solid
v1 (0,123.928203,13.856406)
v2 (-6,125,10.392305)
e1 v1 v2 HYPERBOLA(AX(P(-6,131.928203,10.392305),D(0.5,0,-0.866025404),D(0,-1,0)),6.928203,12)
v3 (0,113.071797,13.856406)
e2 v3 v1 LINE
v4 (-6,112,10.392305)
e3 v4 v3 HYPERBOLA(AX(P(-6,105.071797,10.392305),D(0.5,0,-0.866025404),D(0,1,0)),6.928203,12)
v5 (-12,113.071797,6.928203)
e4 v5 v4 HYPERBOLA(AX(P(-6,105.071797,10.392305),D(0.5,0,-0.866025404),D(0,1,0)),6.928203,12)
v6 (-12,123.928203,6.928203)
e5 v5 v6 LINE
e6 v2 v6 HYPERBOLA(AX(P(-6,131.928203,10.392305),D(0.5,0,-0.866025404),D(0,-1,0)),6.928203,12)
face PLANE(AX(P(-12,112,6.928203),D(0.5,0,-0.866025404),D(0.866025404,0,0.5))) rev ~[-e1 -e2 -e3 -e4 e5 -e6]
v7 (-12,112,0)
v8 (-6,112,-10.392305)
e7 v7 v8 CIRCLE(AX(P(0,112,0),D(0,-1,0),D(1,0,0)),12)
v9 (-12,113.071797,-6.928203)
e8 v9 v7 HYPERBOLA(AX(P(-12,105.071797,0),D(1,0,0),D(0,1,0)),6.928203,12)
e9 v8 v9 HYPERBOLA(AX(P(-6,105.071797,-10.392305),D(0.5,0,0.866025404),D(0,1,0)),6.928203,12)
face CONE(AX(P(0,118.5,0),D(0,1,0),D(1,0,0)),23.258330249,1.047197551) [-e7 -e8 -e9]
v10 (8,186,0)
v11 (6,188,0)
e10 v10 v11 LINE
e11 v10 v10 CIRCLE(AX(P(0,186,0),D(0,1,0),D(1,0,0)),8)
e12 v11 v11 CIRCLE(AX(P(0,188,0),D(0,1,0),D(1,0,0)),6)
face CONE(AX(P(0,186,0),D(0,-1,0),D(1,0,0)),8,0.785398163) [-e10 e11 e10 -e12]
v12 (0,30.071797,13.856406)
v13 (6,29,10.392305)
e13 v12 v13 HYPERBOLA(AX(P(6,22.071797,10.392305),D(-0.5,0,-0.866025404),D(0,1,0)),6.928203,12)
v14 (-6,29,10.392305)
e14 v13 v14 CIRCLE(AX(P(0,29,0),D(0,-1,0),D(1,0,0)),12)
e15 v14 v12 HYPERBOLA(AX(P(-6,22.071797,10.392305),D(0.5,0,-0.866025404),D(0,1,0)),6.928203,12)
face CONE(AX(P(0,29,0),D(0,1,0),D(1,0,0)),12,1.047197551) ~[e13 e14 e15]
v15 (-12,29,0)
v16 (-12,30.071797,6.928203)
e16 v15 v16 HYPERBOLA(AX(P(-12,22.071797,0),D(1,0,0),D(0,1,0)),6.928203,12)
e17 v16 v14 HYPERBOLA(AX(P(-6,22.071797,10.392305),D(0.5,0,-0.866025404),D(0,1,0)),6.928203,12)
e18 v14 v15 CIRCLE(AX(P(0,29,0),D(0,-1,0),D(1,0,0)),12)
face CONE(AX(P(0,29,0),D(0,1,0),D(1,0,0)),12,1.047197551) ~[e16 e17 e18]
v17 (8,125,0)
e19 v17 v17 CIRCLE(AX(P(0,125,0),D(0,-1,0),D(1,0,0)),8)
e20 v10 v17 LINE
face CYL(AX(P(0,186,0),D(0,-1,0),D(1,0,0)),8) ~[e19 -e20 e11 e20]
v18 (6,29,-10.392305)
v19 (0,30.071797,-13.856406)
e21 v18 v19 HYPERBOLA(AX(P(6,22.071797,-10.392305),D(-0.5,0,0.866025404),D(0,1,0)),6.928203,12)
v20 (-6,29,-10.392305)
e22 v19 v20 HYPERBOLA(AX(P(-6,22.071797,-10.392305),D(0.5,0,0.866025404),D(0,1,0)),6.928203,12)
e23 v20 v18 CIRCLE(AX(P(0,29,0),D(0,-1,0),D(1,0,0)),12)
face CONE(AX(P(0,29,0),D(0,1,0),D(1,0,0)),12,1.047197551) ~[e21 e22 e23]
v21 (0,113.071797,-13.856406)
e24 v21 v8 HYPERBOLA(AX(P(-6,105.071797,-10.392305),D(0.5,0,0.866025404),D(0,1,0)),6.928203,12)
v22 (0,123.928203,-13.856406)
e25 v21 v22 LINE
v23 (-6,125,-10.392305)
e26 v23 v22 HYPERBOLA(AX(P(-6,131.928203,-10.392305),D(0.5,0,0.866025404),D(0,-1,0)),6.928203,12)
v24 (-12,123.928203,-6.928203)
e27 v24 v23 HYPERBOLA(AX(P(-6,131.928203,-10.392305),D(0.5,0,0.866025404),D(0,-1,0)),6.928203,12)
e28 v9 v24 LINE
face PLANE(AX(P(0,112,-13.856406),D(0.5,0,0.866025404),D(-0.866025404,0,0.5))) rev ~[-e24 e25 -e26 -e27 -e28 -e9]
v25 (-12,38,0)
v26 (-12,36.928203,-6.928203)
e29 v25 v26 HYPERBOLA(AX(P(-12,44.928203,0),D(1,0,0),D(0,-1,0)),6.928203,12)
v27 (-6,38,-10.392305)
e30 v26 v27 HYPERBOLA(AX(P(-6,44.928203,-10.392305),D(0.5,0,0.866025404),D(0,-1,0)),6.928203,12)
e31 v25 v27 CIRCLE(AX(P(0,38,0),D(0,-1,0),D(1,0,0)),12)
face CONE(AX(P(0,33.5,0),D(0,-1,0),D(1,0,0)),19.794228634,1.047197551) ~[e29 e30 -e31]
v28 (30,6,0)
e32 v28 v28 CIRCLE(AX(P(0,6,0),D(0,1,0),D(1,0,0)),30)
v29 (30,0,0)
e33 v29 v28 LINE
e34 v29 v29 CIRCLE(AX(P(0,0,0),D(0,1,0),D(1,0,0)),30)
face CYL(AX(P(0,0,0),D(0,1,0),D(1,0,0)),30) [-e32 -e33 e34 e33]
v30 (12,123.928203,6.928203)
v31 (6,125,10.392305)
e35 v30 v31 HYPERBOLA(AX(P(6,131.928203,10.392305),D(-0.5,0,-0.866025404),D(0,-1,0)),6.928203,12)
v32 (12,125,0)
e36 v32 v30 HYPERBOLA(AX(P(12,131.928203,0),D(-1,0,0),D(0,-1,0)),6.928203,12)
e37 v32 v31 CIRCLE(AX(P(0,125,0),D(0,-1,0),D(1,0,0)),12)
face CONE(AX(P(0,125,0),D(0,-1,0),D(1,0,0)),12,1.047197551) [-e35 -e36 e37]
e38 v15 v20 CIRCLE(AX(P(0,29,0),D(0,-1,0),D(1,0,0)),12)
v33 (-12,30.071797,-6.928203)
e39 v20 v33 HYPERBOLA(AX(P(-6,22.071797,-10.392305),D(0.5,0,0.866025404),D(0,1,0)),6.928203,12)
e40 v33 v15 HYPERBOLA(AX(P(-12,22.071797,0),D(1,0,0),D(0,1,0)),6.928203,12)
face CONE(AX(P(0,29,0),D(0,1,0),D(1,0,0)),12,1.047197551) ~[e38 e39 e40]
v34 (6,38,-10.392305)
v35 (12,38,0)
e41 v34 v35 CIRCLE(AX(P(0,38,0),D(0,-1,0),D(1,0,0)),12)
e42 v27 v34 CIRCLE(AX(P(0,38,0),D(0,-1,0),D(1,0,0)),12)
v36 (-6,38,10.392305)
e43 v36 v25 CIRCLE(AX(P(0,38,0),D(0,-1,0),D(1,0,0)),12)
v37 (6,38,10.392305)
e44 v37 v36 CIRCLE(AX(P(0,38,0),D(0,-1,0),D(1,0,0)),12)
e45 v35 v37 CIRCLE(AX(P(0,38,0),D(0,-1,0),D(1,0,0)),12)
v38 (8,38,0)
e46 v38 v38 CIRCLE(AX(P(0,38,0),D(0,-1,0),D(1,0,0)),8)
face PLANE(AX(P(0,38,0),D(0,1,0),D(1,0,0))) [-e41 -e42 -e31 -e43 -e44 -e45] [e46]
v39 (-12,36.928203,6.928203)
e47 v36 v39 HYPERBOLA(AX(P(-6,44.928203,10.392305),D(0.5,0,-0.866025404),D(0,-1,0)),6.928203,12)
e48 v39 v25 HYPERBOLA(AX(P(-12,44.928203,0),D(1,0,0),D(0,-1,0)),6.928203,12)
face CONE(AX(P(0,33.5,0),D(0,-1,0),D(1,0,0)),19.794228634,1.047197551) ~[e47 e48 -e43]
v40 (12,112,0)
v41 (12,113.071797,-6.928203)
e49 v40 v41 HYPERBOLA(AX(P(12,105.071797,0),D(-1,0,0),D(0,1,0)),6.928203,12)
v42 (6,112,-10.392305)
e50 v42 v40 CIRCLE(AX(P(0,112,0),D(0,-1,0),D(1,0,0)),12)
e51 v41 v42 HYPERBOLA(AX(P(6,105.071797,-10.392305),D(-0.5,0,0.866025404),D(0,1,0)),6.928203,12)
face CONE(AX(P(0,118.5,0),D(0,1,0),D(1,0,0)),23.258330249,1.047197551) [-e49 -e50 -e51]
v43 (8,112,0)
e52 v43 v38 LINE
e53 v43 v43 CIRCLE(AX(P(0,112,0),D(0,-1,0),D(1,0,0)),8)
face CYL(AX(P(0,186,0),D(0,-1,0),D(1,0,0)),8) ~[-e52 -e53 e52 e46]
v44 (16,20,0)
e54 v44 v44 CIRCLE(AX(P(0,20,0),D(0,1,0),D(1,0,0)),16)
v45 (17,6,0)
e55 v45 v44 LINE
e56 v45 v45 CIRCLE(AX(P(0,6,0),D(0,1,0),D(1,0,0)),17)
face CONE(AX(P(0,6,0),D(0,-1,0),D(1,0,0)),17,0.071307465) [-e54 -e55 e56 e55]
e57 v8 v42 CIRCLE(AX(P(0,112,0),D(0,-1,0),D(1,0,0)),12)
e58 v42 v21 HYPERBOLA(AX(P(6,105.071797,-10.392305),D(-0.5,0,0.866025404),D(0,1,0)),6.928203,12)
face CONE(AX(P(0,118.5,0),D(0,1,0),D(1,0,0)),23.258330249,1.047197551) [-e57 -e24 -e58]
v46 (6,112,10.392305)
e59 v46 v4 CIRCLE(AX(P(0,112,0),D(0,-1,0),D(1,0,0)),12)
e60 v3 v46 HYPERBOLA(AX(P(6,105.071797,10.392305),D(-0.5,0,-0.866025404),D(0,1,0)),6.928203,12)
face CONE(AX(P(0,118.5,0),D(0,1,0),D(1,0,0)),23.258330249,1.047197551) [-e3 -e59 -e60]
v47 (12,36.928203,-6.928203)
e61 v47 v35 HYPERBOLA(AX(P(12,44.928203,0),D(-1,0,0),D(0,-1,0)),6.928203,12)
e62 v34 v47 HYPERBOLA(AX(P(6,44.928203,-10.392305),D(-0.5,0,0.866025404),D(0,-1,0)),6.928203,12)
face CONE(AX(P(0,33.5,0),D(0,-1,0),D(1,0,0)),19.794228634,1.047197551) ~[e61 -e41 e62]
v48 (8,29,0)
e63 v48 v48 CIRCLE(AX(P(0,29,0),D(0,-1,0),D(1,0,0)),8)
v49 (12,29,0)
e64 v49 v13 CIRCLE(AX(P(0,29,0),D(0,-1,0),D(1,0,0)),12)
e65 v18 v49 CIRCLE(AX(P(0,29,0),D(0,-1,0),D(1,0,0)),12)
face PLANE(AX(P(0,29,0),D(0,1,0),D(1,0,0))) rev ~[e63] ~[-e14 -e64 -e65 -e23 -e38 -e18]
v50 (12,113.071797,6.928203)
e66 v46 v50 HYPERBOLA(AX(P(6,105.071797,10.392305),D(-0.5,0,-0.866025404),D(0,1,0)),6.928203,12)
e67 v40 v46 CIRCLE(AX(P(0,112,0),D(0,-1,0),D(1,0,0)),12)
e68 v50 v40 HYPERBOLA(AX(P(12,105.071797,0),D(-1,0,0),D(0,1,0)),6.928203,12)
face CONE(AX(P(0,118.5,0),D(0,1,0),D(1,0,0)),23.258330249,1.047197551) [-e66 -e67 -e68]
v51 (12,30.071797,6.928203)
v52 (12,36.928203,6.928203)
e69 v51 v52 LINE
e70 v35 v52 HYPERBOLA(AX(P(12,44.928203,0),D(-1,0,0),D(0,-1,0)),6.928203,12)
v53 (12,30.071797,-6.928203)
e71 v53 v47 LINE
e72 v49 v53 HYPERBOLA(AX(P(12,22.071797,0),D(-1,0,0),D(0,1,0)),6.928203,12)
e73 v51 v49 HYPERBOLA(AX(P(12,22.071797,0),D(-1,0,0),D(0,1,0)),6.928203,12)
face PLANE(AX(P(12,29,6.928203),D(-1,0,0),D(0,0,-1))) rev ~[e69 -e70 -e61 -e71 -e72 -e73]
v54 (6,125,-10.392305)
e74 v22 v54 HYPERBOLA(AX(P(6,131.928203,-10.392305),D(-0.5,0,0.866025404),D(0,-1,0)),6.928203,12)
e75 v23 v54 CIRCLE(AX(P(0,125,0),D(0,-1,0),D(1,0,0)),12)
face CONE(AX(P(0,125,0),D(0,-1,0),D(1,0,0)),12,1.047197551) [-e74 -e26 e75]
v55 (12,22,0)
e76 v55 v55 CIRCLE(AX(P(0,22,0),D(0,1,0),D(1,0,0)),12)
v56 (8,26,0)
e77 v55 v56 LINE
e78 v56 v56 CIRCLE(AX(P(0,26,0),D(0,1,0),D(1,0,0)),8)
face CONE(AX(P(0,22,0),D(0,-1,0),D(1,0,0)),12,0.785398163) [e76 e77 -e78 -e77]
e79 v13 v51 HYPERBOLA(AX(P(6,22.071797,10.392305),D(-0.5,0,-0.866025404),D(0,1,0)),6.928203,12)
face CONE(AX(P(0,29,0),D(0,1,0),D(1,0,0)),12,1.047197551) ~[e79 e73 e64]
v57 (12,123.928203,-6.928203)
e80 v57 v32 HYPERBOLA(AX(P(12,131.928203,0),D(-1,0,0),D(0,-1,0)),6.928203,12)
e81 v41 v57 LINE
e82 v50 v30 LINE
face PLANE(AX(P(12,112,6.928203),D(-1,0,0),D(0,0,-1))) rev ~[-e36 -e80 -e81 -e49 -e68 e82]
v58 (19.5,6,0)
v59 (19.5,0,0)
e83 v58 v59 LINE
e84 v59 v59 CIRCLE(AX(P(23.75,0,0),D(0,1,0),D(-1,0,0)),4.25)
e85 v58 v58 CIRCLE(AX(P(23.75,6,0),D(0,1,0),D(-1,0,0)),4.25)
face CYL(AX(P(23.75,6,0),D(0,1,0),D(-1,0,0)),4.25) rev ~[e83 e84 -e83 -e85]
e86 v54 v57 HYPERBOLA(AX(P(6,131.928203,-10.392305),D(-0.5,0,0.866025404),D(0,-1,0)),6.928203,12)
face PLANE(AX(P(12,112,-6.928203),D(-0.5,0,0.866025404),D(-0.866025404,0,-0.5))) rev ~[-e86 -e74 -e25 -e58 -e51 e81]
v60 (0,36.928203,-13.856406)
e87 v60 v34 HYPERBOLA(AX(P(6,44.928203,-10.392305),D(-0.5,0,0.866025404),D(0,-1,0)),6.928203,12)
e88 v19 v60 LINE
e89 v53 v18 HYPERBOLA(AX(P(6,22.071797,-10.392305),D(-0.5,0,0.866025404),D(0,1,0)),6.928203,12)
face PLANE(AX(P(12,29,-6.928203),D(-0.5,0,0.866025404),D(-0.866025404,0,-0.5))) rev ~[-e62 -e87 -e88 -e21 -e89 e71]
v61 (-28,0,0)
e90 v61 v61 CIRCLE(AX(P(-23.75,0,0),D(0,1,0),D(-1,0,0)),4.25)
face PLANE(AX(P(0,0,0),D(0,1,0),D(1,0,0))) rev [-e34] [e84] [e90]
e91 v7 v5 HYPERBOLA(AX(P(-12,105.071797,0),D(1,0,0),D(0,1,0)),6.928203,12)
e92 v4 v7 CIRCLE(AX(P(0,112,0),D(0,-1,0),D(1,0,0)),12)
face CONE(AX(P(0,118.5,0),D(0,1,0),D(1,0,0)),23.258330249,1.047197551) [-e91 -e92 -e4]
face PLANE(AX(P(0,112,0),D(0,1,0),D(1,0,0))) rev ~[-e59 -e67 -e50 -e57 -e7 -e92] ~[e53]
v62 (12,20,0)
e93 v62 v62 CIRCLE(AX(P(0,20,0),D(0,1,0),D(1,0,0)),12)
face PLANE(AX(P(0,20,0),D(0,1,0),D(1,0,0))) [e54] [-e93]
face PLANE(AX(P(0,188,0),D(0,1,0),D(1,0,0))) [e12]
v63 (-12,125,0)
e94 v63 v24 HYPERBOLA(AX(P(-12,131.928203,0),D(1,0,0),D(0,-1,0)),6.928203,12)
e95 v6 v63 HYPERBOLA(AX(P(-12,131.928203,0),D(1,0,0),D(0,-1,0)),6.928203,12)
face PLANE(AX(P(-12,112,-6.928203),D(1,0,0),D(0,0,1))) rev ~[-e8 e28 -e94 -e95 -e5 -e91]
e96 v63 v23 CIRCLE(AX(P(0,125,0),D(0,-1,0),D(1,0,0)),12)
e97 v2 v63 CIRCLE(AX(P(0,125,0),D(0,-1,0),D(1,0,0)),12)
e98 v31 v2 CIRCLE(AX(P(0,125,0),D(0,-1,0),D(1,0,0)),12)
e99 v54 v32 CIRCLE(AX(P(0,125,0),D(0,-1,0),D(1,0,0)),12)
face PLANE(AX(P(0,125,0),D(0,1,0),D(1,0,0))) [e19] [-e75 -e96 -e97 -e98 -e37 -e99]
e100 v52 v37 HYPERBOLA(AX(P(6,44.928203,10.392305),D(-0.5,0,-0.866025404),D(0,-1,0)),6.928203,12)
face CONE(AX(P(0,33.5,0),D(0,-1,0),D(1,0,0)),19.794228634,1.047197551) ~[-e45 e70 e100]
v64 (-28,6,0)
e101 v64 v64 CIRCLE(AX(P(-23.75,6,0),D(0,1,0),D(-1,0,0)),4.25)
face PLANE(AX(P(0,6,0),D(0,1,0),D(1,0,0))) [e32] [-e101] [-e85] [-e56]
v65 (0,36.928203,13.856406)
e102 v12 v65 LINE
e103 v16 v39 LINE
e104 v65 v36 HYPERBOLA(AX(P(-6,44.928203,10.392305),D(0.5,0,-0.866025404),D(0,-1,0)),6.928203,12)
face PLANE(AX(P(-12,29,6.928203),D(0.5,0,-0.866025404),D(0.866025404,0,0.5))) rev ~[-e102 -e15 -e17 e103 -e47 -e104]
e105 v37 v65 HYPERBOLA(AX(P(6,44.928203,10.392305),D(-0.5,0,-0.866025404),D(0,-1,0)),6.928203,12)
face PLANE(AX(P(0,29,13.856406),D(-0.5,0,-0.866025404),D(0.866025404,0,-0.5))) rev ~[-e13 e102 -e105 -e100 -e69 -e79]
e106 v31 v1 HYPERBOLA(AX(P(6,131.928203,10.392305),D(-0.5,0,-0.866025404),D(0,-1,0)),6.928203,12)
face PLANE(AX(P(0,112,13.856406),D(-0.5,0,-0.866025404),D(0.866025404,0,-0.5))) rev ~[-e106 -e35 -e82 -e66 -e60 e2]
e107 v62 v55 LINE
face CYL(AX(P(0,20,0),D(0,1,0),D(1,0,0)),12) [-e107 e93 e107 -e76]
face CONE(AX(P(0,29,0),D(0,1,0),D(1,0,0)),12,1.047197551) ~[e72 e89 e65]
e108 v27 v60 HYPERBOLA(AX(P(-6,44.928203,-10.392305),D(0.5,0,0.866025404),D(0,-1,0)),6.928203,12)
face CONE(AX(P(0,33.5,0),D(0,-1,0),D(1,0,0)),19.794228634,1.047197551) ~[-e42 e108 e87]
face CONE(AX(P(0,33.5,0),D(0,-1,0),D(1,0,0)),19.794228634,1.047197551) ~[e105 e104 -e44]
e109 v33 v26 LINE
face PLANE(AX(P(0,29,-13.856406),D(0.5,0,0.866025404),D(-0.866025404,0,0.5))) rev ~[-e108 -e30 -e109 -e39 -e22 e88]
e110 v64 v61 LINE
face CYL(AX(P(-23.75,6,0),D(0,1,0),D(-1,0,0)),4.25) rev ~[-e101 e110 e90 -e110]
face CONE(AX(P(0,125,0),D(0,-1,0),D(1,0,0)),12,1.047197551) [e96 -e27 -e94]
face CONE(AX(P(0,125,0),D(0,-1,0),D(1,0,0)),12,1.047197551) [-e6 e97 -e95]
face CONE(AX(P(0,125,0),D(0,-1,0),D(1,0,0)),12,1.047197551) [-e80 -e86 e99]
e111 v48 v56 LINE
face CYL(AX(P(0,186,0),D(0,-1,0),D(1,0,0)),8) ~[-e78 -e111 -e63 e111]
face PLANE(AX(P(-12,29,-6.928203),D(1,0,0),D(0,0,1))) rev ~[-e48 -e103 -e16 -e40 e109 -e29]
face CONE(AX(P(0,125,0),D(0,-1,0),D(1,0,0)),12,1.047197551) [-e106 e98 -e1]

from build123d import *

# Parameters (mm, degrees)
EXTRUDE_1_DEPTH     = 9
EXTRUDE_2_DEPTH     = 13
SKETCH_5_R          = 4.25
CUT_EXTRUDE_1_DEPTH = 7


with BuildPart() as part:
    # Эскиз1 → Повернуть1 (revolve)
    with BuildSketch(Plane.XY, mode=Mode.PRIVATE) as revolve_1_sk:
        Polygon((0, 0), (-30, 0), (-30, 6), (-17, 6), (-16, 20), (-12, 20), (-12, 22), (-8, 26), (-8, 29), (-8, 38), (-8, 186), (-6, 188), (0, 188), align=None)
    revolve(revolve_1_sk.sketch.rotate(Axis((0, 0, 0), (0, 1, 0)), 180), axis=Axis((0, 0, 0), (0, 1, 0)))  # turned: the seam where the file's is

    # Эскиз2 → Бобышка-Вытянуть1 (add)
    with BuildSketch(Plane(origin=(0, 29, 0), x_dir=(1, 0, 0), z_dir=(0, 1, 0))):
        Polygon((0, 13.856406461), (-12, 6.92820323), (-12, -6.92820323), (0, -13.856406461), (12, -6.92820323), (12, 6.92820323), align=None)
    extrude(amount=EXTRUDE_1_DEPTH)

    # Эскиз3 → Бобышка-Вытянуть2 (add)
    with BuildSketch(Plane(origin=(0, 112, 0), x_dir=(1, 0, 0), z_dir=(0, 1, 0))):
        Polygon((12, 6.92820323), (0, 13.856406461), (-12, 6.92820323), (-12, -6.92820323), (0, -13.856406461), (12, -6.92820323), align=None)
    extrude(amount=EXTRUDE_2_DEPTH)

    # Эскиз4 → Вырез-Повернуть2 (revolve, cut)
    with BuildSketch(Plane.XY, mode=Mode.PRIVATE) as cut_revolve_2_sk:
        Polygon((-23.258330249, 125), (-12, 125), (-23.258330249, 118.5), align=None)
        Polygon((-23.258330249, 112), (-23.258330249, 118.5), (-12, 112), align=None)
        Polygon((-19.794228634, 38), (-19.794228634, 33.5), (-12, 38), align=None)
        Polygon((-19.794228634, 33.5), (-19.794228634, 29), (-12, 29), align=None)
    revolve(cut_revolve_2_sk.sketch.rotate(Axis((0, 188, 0), (0, -1, 0)), 180), axis=Axis((0, 188, 0), (0, -1, 0)), mode=Mode.SUBTRACT)  # turned: the seam where the file's is

    # Эскиз5 → Вырез-Вытянуть1 (cut, through all)
    with BuildSketch(Plane(origin=(0, 6, 0), x_dir=(1, 0, 0), z_dir=(0, 1, 0))):
        with Locations(Location((-23.75, 0, 0), (0, 0, 180))):  # turned: the seam where the file's is
            Circle(SKETCH_5_R)
        with Locations(Location((23.75, 0, 0), (0, 0, 180))):  # turned: the seam where the file's is
            Circle(SKETCH_5_R)
    extrude(amount=-CUT_EXTRUDE_1_DEPTH, mode=Mode.SUBTRACT)


solid = part.part
